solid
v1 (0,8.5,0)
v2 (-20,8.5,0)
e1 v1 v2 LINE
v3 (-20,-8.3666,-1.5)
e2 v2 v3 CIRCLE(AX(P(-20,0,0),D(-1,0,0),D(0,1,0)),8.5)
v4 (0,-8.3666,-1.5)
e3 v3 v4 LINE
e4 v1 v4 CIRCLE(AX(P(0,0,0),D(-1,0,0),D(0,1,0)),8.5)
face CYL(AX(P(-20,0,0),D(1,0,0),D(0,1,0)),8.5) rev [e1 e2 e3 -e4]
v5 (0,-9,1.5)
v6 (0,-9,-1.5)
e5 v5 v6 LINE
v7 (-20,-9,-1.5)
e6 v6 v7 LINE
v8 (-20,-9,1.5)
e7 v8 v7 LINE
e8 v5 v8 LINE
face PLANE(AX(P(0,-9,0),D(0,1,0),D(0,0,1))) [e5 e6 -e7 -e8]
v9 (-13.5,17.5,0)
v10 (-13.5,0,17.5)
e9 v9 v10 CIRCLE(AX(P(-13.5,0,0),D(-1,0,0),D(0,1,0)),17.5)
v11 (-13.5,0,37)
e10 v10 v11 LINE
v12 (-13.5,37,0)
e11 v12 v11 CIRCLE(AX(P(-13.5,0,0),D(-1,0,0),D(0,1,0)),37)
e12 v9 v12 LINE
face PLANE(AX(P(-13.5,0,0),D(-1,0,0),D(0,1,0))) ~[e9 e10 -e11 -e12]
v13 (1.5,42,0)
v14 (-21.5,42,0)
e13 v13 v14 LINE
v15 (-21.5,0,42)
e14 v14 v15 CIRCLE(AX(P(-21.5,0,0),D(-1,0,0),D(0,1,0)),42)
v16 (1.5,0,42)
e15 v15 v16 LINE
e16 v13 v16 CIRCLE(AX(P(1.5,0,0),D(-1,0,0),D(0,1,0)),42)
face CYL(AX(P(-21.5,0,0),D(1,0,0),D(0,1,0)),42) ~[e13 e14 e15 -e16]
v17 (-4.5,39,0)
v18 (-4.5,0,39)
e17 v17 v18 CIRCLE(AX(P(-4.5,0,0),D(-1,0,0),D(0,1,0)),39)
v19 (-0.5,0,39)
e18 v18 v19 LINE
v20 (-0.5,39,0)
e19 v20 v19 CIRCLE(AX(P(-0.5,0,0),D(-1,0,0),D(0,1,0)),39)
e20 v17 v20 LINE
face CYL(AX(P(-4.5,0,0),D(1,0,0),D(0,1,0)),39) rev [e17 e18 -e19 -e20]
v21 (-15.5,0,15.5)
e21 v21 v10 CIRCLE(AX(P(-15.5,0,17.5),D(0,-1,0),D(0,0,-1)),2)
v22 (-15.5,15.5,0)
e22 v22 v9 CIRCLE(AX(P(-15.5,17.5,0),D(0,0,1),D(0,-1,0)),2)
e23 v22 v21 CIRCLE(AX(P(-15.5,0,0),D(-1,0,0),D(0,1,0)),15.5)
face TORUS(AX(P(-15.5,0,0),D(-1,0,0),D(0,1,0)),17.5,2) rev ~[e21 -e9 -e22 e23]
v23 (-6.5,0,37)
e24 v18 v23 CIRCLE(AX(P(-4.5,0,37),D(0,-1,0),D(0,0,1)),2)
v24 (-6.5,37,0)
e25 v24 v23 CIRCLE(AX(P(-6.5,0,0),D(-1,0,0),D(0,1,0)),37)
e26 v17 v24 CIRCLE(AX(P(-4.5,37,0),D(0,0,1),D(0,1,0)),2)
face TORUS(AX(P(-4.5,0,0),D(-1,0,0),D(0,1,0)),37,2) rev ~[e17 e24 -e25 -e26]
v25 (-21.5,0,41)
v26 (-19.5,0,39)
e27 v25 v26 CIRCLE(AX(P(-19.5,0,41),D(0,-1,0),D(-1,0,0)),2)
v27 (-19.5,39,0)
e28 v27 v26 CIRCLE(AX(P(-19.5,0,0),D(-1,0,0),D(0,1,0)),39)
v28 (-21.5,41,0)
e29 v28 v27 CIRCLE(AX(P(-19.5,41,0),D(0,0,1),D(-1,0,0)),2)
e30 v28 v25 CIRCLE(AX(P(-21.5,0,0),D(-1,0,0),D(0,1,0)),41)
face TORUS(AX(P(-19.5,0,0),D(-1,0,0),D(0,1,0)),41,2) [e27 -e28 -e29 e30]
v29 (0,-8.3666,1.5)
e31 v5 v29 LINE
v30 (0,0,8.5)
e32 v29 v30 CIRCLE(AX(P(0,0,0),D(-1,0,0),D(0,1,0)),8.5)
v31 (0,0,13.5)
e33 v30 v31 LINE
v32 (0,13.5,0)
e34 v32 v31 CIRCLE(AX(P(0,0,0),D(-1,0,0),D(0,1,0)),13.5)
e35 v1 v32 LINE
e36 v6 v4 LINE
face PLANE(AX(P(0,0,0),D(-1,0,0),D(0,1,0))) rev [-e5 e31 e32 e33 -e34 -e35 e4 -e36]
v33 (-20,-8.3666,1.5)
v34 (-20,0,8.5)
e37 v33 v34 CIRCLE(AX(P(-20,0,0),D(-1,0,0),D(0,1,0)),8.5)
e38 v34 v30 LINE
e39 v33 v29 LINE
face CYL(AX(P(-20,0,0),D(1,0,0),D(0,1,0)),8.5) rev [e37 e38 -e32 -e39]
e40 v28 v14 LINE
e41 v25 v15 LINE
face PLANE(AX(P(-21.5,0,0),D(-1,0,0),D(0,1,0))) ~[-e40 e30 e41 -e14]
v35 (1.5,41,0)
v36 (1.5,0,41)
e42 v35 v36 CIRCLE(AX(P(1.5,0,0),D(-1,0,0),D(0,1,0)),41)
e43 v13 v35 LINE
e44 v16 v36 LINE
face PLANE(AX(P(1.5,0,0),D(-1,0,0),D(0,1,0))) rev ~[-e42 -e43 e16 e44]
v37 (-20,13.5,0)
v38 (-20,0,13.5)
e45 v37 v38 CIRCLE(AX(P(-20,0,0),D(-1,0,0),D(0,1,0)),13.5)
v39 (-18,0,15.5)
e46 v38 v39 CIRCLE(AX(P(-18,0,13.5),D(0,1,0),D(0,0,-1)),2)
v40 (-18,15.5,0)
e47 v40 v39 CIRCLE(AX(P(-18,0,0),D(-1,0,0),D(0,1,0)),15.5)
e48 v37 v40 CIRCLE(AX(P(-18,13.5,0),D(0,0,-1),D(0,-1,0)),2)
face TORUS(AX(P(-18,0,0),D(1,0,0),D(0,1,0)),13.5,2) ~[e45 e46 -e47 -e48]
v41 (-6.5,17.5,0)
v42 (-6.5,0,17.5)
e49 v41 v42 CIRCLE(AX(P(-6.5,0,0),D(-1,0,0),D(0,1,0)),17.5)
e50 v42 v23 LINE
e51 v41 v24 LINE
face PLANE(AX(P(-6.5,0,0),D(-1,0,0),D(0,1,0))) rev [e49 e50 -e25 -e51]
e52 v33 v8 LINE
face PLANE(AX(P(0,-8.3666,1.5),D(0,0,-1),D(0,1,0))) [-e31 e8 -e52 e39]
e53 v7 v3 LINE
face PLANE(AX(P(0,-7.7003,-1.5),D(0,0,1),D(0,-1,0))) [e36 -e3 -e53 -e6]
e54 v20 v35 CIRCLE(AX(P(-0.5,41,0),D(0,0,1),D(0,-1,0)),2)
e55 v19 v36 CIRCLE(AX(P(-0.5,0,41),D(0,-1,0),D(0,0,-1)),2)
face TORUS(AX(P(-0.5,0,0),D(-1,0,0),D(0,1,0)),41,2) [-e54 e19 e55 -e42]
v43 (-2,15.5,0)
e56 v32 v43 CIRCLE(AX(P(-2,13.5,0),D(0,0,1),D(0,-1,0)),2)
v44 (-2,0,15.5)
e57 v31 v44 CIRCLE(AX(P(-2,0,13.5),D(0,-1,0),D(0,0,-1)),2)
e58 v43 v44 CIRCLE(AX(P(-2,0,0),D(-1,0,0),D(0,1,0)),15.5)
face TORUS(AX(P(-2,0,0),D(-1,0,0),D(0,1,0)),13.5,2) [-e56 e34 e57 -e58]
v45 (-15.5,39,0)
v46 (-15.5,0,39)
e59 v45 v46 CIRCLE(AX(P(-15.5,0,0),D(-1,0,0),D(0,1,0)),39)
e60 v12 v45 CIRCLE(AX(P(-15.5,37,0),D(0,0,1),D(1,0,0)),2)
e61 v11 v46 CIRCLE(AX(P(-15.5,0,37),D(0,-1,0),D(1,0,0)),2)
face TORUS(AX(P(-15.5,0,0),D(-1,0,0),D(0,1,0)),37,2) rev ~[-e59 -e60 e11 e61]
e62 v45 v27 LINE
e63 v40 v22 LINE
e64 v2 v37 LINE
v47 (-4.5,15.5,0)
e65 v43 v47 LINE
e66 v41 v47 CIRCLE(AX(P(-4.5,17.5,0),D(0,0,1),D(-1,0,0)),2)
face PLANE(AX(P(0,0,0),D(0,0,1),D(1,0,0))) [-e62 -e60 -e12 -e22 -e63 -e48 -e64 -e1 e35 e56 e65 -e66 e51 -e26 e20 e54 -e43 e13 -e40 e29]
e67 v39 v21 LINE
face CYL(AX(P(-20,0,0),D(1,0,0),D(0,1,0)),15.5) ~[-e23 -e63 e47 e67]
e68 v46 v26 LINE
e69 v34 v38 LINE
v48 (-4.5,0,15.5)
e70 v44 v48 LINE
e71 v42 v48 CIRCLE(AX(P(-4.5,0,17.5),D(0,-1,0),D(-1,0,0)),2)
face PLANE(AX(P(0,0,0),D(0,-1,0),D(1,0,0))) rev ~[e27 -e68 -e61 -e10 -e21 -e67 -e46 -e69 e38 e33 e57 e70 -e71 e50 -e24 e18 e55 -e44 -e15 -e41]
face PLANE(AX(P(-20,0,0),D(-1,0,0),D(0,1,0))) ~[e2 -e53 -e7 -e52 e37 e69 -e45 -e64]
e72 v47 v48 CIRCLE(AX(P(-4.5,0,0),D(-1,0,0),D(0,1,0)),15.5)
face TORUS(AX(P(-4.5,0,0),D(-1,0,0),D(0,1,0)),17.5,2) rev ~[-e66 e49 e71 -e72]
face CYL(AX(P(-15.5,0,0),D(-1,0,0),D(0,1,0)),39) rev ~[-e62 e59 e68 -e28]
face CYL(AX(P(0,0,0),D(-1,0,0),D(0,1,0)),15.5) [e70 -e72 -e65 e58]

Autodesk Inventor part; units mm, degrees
ref_plane "YZ Plane" through (0, 0, 0) normal (1, 0, 0) x (0, 1, 0)
ref_plane "XZ Plane" through (0, 0, 0) normal (0, 1, 0) x (-1, 0, 0)
ref_plane "XY Plane" through (0, 0, 0) normal (0, 0, 1) x (1, 0, 0)
sketch "草圖1" plane through (0, 0, 0) normal (0, 0, 1) x (1, 0, 0)
  line L0 (-20, 8.5) -> (0, 8.5)
  line L1 (0, 8.5) -> (0, 15.5)
  line L2 (0, 15.5) -> (-4.5, 15.5)
  line L3 (-6.5, 17.5) -> (-6.5, 37)
  line L4 (-20, 8.5) -> (-20, 15.5)
  line L5 (-4.5, 39) -> (-0.5, 39)
  line L6 (-20, 15.5) -> (-15.5, 15.5)
  line L7 (-13.5, 17.5) -> (-13.5, 37)
  line L8 (-15.5, 39) -> (-19.5, 39)
  line L9 (-21.5, 41) -> (-21.5, 42)
  line L10 (-21.5, 42) -> (1.5, 42)
  line L11 (1.5, 42) -> (1.5, 41)
  arc A0 (-13.5, 37) -> (-15.5, 39) centre (-15.5, 37) ccw
  arc A1 (-4.5, 39) -> (-6.5, 37) centre (-4.5, 37) ccw
  arc A2 (-0.5, 39) -> (1.5, 41) centre (-0.5, 41) ccw
  arc A3 (-21.5, 41) -> (-19.5, 39) centre (-19.5, 41) ccw
  arc A4 (-6.5, 17.5) -> (-4.5, 15.5) centre (-4.5, 17.5) ccw
  arc A5 (-15.5, 15.5) -> (-13.5, 17.5) centre (-15.5, 17.5) ccw
  line L12 (-40.2973, 0) -> (23.5613, 0)
  line L13 (-10, 42) -> (-10, 1.9657)
  point P0 (0, 0)
  point P1 (-6.5, 15.5)
  point P2 (-6.5, 39)
  point P3 (-13.5, 15.5)
  point P4 (-13.5, 39)
  point P5 (-21.5, 39)
  point P6 (1.5, 39)
  dimension "d15" = 0
  dimension "d28" = 23
  dimension "d29" = 7
  dimension "d30" = 20
  dimension "d35" = 84
  dimension "d36" = 78
  dimension "d37" = 17
  dimension "d38" = 31
  dimension "d39" = 0
  dimension "d40" = 31
  dimension "d41" = 78
  dimension "d42" = 8
  dimension "d43" = 2
  dimension "d45" = 20
revolve "迴轉1" add sketch "草圖1" angle 270 about axis through (-40.2973, 0, 0) along (-1, 0, 0)
fillet "圓角3" radius 2 2 edges at (0, -10.9602, -10.9602) (-20, -10.9602, -10.9602)
sketch "草圖11" plane through (0, 8.5, 0) normal (1, 0, 0) x (0, 0, -1)
  point P0 (0, -8.5)
sketch "草圖12" plane through (0, 8.5, 0) normal (1, 0, 0) x (0, 0, -1)
  arc A0 (-8.5, -8.5) -> (0, 0) centre (0, -8.5) ccw projected
  line L0 (0, -17) -> (0, -27.4427) construction
  line L1 (0, -17.5) -> (1.5, -17.5)
  line L2 (1.5, -17.5) -> (1.5, -16.8666)
  line L3 (0, -17.5) -> (-1.5, -17.5)
  line L4 (-1.5, -17.5) -> (-1.5, -16.2003)
  line L5 (-1.5, -16.2003) -> (1.5, -16.2003)
  line L6 (1.5, -16.2003) -> (1.5, -16.8666)
  point P0 (0, -8.5)
  dimension "d48" = 1.5
  dimension "d49" = 1.5
extrude "擠出2" cut sketch "草圖12" against normal up to next
properties part number "練習一"
